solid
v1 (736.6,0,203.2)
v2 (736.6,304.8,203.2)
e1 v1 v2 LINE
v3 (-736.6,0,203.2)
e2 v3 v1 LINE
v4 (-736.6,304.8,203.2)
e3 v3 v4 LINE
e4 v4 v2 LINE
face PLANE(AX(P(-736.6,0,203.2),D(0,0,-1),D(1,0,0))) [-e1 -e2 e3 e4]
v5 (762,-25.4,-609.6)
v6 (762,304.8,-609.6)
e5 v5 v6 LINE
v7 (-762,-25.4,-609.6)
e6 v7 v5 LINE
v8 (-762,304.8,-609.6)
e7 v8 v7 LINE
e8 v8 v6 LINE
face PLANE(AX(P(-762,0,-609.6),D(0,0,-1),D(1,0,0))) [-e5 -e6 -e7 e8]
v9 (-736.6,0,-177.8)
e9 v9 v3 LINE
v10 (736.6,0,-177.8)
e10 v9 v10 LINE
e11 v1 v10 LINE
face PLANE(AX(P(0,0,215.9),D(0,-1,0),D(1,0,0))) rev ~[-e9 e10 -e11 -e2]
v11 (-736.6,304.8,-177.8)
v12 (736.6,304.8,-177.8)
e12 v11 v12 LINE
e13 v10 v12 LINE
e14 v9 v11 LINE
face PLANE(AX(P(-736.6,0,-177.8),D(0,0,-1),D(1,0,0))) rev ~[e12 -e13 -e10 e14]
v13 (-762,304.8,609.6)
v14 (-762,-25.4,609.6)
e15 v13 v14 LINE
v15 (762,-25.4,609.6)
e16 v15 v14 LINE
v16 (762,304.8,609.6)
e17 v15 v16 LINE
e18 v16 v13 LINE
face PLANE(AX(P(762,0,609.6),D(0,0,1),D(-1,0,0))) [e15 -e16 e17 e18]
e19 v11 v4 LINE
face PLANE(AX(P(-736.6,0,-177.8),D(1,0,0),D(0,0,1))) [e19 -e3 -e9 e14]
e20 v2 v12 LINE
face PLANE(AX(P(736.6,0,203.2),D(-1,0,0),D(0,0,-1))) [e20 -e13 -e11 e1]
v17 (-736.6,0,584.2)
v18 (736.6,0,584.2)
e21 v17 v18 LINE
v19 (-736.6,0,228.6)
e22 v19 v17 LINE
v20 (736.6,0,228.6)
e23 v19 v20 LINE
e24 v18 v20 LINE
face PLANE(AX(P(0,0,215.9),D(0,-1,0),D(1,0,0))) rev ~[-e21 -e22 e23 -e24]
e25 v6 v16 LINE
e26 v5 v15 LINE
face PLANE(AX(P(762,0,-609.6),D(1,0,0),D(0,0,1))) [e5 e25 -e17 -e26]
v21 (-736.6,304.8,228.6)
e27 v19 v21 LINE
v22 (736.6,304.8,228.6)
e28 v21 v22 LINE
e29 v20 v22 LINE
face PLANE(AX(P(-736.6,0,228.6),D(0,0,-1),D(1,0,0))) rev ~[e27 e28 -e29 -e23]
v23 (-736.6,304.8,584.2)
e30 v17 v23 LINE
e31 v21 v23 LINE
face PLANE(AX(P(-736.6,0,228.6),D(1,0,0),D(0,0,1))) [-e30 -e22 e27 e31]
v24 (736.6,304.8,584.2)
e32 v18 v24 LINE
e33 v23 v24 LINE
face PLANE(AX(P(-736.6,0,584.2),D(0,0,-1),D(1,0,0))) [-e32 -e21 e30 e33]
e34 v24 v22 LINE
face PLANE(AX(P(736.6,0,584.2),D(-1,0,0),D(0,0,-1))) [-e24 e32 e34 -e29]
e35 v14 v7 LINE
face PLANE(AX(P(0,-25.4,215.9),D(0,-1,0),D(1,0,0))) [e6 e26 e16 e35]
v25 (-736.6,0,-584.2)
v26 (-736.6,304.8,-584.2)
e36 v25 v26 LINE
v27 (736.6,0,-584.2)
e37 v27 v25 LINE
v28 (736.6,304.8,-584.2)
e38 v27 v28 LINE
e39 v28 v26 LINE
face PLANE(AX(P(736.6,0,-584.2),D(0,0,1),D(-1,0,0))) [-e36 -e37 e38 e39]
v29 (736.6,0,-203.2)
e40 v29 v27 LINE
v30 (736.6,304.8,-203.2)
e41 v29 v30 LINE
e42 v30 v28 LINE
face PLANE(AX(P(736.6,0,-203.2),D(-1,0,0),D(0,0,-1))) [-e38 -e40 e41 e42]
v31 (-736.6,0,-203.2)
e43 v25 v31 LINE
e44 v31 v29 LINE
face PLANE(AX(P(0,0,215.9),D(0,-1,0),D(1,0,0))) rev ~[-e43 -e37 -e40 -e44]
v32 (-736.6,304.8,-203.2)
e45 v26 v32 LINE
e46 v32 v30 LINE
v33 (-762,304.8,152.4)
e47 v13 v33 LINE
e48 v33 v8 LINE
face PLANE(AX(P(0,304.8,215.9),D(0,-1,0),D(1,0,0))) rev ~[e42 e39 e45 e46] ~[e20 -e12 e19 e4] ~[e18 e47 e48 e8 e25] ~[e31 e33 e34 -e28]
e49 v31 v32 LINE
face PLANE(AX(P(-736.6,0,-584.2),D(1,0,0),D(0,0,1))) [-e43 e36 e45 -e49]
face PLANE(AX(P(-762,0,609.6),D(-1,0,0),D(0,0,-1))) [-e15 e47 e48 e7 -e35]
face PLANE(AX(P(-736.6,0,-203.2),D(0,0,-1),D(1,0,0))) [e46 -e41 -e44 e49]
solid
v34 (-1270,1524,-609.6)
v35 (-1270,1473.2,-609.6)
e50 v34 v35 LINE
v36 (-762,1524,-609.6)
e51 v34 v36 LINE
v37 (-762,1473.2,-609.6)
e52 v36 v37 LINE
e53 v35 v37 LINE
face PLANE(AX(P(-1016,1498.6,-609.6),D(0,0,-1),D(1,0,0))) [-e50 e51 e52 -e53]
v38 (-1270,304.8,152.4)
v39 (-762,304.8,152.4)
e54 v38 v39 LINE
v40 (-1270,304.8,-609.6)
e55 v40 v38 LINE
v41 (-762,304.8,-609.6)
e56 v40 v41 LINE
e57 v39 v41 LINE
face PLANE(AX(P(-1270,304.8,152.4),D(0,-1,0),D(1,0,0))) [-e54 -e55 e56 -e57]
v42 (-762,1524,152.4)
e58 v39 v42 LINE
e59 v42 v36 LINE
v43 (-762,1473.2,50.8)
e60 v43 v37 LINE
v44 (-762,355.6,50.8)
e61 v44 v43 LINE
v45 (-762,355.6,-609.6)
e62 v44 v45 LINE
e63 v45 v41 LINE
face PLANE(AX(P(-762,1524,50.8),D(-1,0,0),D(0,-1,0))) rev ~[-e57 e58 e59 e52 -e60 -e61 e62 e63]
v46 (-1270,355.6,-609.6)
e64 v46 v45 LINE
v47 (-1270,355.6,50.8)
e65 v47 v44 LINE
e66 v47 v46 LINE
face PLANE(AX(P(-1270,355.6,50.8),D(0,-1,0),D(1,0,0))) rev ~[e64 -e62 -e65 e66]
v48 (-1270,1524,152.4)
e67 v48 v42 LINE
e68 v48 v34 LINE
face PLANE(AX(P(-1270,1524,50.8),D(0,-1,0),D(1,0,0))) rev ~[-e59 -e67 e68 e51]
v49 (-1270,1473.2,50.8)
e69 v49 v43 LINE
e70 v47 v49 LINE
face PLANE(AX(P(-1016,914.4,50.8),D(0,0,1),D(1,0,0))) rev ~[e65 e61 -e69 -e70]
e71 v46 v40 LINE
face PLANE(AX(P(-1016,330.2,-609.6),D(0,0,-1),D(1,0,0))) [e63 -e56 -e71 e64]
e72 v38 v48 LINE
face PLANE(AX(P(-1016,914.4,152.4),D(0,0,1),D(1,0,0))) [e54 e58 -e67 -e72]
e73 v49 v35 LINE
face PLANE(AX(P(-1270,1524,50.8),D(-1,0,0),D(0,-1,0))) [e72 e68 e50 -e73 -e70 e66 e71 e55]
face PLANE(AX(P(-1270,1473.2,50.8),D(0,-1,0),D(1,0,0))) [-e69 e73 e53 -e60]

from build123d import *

# Parameters (mm, degrees)
F0_W     = 1473.2
F0_H     = 25.4
F0_H_2   = 355.6
F0_H_3   = 381
F1_DEPTH = 25.4
F2_DEPTH = 304.8
F4_W     = 508
F4_H     = 1219.2
F5_DEPTH = 101.6
F6_W     = 508
F6_H     = 50.8
F7_DEPTH = 660.4


with BuildPart() as f1:
    # F0 (on Front) → F1 (new body)
    with BuildSketch(Plane.XZ):
        with Locations((0, 215.9)):
            Rectangle(F0_W, F0_H)
        Polygon((762, -203.2), (762, 203.2), (736.6, 203.2), (736.6, -177.8), (736.6, -203.2), align=None)
        Polygon((-736.6, 203.2), (-762, 203.2), (-762, -203.2), (-736.6, -203.2), (-736.6, -177.8), align=None)
        Polygon((762, -609.6), (762, -203.2), (736.6, -203.2), (736.6, -584.2), (-736.6, -584.2), (-736.6, -203.2), (-762, -203.2), (-762, -609.6), align=None)
        Polygon((762, 203.2), (762, 609.6), (-762, 609.6), (-762, 203.2), (-736.6, 203.2), (-736.6, 228.6), (-736.6, 584.2), (736.6, 584.2), (736.6, 228.6), (736.6, 203.2), align=None)
        with Locations((0, 406.4)):
            Rectangle(F0_W, F0_H_2)
        with Locations((0, 12.7)):
            Rectangle(F0_W, F0_H_3)
        with Locations((0, -393.7)):
            Rectangle(F0_W, F0_H_3)
        with Locations((0, -190.5)):
            Rectangle(F0_W, F0_H)
    extrude(amount=F1_DEPTH)

    # F0 (on Front) → F2 (join)
    with BuildSketch(Plane.XZ):
        with Locations((0, 215.9)):
            Rectangle(F0_W, F0_H)
        Polygon((762, 203.2), (762, 609.6), (-762, 609.6), (-762, 203.2), (-736.6, 203.2), (-736.6, 228.6), (-736.6, 584.2), (736.6, 584.2), (736.6, 228.6), (736.6, 203.2), align=None)
        Polygon((-736.6, 203.2), (-762, 203.2), (-762, -203.2), (-736.6, -203.2), (-736.6, -177.8), align=None)
        Polygon((762, -203.2), (762, 203.2), (736.6, 203.2), (736.6, -177.8), (736.6, -203.2), align=None)
        with Locations((0, -190.5)):
            Rectangle(F0_W, F0_H)
        Polygon((762, -609.6), (762, -203.2), (736.6, -203.2), (736.6, -584.2), (-736.6, -584.2), (-736.6, -203.2), (-762, -203.2), (-762, -609.6), align=None)
    extrude(amount=-F2_DEPTH)



with BuildPart() as f5:
    # F4 (on offset) → F5 (new body)
    with BuildSketch(Plane.XY.offset(152.4)):
        with Locations((-1016, 914.4)):
            Rectangle(F4_W, F4_H)
    extrude(amount=-F5_DEPTH)


with BuildPart() as f1_1:
    add(f1.part)

    add(f5.part)  # F7 merges F5
    # F6 (on face) → F7 (join, through all)
    with BuildSketch(Plane(origin=(0, 0, 50.8), x_dir=(1, 0, 0), z_dir=(0, 0, -1))):
        with Locations((-1016, -1498.6)):
            Rectangle(F6_W, F6_H)
        with Locations((-1016, -330.2)):
            Rectangle(F6_W, F6_H)
    extrude(amount=F7_DEPTH)


solid = f1_1.part
